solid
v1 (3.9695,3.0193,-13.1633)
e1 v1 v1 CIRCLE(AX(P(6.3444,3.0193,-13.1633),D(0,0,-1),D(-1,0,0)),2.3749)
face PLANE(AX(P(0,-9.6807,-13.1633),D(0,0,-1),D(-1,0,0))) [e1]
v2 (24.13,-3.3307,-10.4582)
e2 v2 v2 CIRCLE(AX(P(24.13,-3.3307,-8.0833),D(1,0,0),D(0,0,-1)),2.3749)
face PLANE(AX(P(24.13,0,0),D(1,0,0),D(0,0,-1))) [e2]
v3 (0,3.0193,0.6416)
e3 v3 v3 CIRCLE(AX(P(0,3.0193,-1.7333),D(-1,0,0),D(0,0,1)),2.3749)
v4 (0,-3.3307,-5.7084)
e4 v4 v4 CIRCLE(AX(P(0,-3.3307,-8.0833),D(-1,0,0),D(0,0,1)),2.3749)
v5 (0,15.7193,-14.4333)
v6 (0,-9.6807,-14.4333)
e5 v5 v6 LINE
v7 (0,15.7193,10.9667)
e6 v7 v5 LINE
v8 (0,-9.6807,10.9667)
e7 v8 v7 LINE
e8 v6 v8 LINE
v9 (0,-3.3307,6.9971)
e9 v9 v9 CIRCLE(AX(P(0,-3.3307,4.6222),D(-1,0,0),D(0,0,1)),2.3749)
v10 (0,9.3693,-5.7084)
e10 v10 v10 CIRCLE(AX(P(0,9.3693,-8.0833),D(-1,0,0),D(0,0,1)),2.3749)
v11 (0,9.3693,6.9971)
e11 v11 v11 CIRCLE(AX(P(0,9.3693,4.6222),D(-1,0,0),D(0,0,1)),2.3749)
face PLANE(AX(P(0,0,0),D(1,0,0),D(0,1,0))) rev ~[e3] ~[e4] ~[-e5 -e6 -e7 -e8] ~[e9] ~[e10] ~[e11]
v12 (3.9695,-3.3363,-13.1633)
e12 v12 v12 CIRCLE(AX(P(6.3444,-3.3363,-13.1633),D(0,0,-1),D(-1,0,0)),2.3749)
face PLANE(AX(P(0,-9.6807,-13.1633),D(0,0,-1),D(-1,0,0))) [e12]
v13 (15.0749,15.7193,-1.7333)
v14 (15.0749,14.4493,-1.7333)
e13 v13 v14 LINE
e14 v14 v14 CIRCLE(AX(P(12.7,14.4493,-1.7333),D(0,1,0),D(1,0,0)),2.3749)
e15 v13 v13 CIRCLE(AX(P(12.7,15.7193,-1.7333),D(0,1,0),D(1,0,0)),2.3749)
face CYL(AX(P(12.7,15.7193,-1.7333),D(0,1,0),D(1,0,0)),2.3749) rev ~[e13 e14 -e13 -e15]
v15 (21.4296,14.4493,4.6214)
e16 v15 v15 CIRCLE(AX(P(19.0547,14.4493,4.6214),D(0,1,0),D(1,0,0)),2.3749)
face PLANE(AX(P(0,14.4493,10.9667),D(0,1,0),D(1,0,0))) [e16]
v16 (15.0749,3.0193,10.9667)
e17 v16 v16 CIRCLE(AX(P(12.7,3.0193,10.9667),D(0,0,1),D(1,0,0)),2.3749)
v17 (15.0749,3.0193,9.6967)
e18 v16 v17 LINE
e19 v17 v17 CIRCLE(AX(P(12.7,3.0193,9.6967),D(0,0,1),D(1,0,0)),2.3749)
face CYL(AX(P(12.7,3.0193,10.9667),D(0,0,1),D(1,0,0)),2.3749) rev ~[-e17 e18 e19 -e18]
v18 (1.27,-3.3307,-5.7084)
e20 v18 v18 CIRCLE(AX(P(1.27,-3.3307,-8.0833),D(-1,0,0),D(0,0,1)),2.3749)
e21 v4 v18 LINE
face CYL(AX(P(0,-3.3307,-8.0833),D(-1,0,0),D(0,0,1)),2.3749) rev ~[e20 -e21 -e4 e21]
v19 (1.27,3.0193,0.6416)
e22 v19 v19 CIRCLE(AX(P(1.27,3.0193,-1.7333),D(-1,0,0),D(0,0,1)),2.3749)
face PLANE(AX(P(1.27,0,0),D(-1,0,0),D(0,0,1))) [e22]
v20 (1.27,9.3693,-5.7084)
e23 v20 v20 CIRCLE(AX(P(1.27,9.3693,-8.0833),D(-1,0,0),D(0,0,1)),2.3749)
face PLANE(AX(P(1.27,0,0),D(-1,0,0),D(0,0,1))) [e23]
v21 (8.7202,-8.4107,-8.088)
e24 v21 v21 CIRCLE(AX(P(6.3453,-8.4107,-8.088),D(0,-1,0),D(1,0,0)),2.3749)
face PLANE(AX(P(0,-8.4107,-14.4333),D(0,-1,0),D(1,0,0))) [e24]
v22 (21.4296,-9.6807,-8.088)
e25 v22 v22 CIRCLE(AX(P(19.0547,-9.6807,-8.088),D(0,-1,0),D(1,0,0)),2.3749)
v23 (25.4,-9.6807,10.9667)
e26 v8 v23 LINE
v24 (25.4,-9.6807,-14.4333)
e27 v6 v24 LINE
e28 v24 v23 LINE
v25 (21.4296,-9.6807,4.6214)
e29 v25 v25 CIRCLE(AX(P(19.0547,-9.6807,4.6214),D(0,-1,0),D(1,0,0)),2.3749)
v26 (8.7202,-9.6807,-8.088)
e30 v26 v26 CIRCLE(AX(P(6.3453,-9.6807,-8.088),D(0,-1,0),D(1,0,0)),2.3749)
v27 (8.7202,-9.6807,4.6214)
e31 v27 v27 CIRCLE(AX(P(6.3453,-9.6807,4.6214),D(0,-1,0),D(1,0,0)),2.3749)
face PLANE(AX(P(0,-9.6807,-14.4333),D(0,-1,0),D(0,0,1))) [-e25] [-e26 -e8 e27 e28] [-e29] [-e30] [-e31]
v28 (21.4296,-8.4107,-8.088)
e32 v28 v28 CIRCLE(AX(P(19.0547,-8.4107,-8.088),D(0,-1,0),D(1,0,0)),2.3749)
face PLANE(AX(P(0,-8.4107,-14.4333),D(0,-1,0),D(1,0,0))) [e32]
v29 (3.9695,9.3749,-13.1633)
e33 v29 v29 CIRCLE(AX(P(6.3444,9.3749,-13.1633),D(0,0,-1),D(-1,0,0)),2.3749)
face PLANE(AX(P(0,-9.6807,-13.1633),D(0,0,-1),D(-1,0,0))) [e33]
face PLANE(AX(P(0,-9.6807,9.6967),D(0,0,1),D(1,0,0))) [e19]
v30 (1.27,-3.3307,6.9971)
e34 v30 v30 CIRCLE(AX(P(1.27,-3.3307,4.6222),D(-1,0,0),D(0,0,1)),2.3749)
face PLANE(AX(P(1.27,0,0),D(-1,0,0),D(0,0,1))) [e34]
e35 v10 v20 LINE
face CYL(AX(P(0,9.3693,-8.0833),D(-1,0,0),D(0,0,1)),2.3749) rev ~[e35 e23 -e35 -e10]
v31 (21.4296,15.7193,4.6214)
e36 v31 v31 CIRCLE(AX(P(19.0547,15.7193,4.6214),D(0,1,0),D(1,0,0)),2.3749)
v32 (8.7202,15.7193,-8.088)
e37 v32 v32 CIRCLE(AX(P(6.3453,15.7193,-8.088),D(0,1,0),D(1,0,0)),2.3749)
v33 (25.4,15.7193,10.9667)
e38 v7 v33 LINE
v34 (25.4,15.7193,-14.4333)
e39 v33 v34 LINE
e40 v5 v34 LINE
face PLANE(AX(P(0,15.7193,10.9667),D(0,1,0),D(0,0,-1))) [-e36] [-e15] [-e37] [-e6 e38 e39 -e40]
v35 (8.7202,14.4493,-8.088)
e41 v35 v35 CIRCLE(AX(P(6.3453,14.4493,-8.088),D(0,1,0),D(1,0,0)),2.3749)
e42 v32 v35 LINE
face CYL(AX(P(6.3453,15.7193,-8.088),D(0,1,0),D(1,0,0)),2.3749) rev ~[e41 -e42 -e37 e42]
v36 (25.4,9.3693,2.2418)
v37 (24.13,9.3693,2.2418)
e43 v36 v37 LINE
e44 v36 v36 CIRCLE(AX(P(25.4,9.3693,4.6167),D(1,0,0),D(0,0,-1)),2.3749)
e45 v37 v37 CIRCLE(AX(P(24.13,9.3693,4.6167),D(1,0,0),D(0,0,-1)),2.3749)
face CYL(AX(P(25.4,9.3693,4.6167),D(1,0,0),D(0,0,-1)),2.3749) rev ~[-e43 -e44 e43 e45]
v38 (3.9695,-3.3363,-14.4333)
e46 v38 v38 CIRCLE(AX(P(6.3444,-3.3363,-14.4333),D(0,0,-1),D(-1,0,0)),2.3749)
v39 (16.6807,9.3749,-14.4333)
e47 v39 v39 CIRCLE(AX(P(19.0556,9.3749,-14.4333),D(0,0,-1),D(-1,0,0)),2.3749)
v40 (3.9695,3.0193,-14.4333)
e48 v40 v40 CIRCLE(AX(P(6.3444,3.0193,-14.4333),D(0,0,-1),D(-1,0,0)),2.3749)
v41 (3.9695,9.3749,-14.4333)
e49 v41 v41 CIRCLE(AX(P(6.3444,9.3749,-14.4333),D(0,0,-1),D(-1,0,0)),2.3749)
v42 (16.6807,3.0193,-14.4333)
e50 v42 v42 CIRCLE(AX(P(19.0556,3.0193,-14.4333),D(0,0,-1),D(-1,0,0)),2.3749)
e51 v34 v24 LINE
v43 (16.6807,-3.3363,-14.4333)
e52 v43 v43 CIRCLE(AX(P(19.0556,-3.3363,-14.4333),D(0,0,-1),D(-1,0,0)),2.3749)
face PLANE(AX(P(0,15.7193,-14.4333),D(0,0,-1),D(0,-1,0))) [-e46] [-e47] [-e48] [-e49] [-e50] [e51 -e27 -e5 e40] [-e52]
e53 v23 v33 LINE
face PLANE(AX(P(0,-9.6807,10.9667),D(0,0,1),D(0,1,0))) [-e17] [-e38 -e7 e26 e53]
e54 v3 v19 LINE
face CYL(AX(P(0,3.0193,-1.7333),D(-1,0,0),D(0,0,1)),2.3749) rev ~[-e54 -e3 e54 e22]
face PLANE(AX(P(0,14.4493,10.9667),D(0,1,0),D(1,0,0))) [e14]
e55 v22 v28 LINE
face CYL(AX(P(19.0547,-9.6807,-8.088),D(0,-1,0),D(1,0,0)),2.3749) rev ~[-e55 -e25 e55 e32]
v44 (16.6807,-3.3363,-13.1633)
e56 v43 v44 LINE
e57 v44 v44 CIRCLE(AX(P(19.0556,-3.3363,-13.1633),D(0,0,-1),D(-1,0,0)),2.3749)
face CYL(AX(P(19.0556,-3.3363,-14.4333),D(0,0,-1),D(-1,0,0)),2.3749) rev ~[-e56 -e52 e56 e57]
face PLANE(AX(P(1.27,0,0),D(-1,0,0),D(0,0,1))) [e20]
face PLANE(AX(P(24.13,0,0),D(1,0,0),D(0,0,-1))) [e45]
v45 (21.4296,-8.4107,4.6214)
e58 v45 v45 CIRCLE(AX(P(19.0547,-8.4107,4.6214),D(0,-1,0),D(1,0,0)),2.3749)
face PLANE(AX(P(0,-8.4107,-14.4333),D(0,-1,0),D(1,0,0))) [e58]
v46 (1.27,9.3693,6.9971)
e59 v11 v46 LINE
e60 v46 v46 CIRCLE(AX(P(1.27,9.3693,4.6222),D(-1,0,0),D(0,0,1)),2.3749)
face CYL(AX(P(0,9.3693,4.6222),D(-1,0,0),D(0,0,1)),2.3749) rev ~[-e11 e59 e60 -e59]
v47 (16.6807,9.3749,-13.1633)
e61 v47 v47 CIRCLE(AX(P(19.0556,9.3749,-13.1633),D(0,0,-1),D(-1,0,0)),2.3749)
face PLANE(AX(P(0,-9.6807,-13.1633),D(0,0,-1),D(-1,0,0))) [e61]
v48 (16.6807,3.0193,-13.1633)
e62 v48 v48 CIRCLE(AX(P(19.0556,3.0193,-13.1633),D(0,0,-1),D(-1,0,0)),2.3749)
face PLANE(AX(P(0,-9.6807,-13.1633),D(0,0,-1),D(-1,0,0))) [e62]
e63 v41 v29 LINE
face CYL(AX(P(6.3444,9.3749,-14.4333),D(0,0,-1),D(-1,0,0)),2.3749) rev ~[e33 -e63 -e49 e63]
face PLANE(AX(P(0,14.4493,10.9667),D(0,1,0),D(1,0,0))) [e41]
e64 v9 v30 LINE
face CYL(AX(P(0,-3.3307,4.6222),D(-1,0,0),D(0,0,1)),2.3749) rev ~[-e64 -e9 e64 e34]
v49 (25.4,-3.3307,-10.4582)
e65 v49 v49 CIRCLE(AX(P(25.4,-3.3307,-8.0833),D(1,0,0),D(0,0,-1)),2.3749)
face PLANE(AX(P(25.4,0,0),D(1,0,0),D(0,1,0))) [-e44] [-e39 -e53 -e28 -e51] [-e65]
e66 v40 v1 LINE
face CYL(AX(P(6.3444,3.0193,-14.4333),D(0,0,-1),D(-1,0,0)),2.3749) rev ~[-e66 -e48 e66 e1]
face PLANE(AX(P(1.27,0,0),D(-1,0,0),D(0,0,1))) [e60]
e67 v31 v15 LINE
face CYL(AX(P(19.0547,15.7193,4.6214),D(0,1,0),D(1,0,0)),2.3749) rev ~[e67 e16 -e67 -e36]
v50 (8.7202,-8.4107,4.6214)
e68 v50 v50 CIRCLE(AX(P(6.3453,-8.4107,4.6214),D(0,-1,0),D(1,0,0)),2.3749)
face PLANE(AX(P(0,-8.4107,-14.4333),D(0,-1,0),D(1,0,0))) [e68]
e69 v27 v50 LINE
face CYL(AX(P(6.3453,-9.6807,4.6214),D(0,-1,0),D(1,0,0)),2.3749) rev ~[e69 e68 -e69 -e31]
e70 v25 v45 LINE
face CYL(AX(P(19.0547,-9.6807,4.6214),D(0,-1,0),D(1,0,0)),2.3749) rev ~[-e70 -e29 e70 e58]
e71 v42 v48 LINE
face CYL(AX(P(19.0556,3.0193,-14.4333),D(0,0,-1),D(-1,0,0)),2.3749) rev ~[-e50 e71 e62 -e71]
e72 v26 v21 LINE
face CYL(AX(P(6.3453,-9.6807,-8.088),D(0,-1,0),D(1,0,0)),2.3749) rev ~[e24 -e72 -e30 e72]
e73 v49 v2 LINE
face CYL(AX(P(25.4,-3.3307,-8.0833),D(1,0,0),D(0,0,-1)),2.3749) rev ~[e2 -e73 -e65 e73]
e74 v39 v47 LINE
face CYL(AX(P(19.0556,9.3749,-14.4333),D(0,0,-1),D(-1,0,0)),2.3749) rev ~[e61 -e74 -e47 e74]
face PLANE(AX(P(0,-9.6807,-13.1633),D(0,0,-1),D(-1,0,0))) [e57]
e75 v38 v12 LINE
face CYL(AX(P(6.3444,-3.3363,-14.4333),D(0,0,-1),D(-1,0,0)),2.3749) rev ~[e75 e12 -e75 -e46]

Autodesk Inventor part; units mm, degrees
ref_plane "YZ Plane" through (0, 0, 0) normal (1, 0, 0) x (0, 1, 0)
ref_plane "XZ Plane" through (0, 0, 0) normal (0, 1, 0) x (-1, 0, 0)
ref_plane "XY Plane" through (0, 0, 0) normal (0, 0, 1) x (1, 0, 0)
sketch "Sketch1" plane through (0, 0, 0) normal (1, 0, 0) x (0, 1, 0)
  line L0 (15.7193, -14.4333) -> (-9.6807, -14.4333)
  line L1 (-9.6807, -14.4333) -> (-9.6807, 10.9667)
  line L2 (-9.6807, 10.9667) -> (15.7193, 10.9667)
  line L3 (15.7193, 10.9667) -> (15.7193, -14.4333)
  line L4 (15.7193, -14.4333) -> (-9.6807, 10.9667) construction
  line L5 (-9.6807, -14.4333) -> (15.7193, 10.9667) construction
  point P0 (0, 0)
  point P1 (3.0193, -1.7333)
  dimension "d0" = 25.4
  dimension "d1" = 25.4
extrude "Extrusion1" add sketch "Sketch1" along normal blind 25.4
sketch "Sketch2" plane through (0, -9.6807, 10.9667) normal (0, 0, 1) x (1, 0, 0)
  circle A0 centre (12.7, 12.7) radius 2.3749
  point P0 (0, 9.6807)
  dimension "d4" = 4.7498
sketch "Sketch3" plane through (0, -9.6807, 10.9667) normal (0, 0, 1) x (1, 0, 0)
  line L0 (0, 0) -> (0, 25.4) projected
  line L1 (0, 0) -> (25.4, 0) projected
  line L2 (25.4, 25.4) -> (25.4, 0) projected
  line L3 (0, 25.4) -> (25.4, 25.4) projected
  point P0 (0, 9.6807)
extrude "Extrusion2" cut sketch "Sketch2" against normal blind 1.27
sketch "Sketch4" plane through (0, 15.7193, 10.9667) normal (0, 1, 0) x (1, 0, 0)
  circle A0 centre (6.3453, 19.0547) radius 2.3749
  circle A1 centre (12.7, 12.7) radius 2.3749
  circle A2 centre (19.0547, 6.3453) radius 2.3749
  point P0 (0, 10.9667)
  dimension "d7" = 4.7498
  dimension "d8" = 4.7498
  dimension "d9" = 4.7498
extrude "Extrusion3" cut sketch "Sketch4" against normal blind 1.27
sketch "Sketch5" plane through (0, -9.6807, -14.4333) normal (0, -1, 0) x (1, 0, 0)
  circle A0 centre (6.3453, 19.0547) radius 2.3749
  circle A1 centre (19.0547, 19.0547) radius 2.3749
  circle A2 centre (6.3453, 6.3453) radius 2.3749
  circle A3 centre (19.0547, 6.3453) radius 2.3749
  point P0 (0, 14.4333)
  dimension "d12" = 4.7498
  dimension "d13" = 4.7498
  dimension "d14" = 4.7498
  dimension "d15" = 4.7498
extrude "Extrusion4" cut sketch "Sketch5" against normal blind 1.27
sketch "Sketch6" plane through (0, -9.6807, -14.4333) normal (0, 0, -1) x (-1, 0, 0)
  circle A0 centre (-19.0556, 19.0556) radius 2.3749
  circle A1 centre (-6.3444, 19.0556) radius 2.3749
  circle A2 centre (-6.3444, 6.3444) radius 2.3749
  circle A3 centre (-19.0556, 6.3444) radius 2.3749
  circle A4 centre (-6.3444, 12.7) radius 2.3749
  circle A5 centre (-19.0556, 12.7) radius 2.3749
  point P0 (0, 9.6807)
  dimension "d18" = 4.7498
  dimension "d19" = 4.7498
  dimension "d20" = 4.7498
  dimension "d21" = 4.7498
  dimension "d22" = 4.7498
  dimension "d23" = 4.7498
extrude "Extrusion5" cut sketch "Sketch6" against normal blind 1.27
sketch "Sketch7" plane through (0, 0, 0) normal (-1, 0, 0) x (0, 0, 1)
  line L0 (-14.4333, 15.7193) -> (-14.4333, -9.6807) projected
  line L1 (-14.4333, -9.6807) -> (10.9667, -9.6807) projected
  line L2 (10.9667, -9.6807) -> (10.9667, 15.7193) projected
  line L3 (10.9667, 15.7193) -> (-14.4333, 15.7193) projected
  circle A0 centre (-8.0833, 9.3693) radius 2.3749
  circle A1 centre (4.6222, 9.3693) radius 2.3749
  circle A2 centre (4.6222, -3.3307) radius 2.3749
  circle A3 centre (-8.0833, -3.3307) radius 2.3749
  circle A4 centre (-1.7333, 3.0193) radius 2.3749
  point P0 (0, 0)
  dimension "d26" = 6.35
  dimension "d27" = 6.35
  dimension "d28" = 6.35
  dimension "d29" = 6.3444
  dimension "d30" = 6.35
  dimension "d31" = 6.3444
  dimension "d32" = 6.35
  dimension "d33" = 6.35
  dimension "d34" = 12.7
  dimension "d35" = 12.7
  dimension "d36" = 4.7498
  dimension "d37" = 4.7498
  dimension "d38" = 4.7498
  dimension "d39" = 4.7498
  dimension "d40" = 4.7498
extrude "Extrusion6" cut sketch "Sketch7" against normal blind 1.27 contours A0 | A1 | A2 | A3 | A4
sketch "Sketch8" plane through (25.4, 0, 0) normal (1, 0, 0) x (0, 0, -1)
  line L0 (14.4333, -9.6807) -> (14.4333, 15.7193) projected
  line L1 (14.4333, 15.7193) -> (-10.9667, 15.7193) projected
  line L2 (-10.9667, 15.7193) -> (-10.9667, -9.6807) projected
  line L3 (-10.9667, -9.6807) -> (14.4333, -9.6807) projected
  circle A0 centre (-4.6167, 9.3693) radius 2.3749
  circle A1 centre (8.0833, -3.3307) radius 2.3749
  point P0 (0, 0)
  dimension "d43" = 4.7498
  dimension "d44" = 4.7498
  dimension "d45" = 6.35
  dimension "d46" = 6.35
  dimension "d47" = 6.35
  dimension "d48" = 6.35
extrude "Extrusion7" cut sketch "Sketch8" against normal blind 1.27 contours A0 | A1
